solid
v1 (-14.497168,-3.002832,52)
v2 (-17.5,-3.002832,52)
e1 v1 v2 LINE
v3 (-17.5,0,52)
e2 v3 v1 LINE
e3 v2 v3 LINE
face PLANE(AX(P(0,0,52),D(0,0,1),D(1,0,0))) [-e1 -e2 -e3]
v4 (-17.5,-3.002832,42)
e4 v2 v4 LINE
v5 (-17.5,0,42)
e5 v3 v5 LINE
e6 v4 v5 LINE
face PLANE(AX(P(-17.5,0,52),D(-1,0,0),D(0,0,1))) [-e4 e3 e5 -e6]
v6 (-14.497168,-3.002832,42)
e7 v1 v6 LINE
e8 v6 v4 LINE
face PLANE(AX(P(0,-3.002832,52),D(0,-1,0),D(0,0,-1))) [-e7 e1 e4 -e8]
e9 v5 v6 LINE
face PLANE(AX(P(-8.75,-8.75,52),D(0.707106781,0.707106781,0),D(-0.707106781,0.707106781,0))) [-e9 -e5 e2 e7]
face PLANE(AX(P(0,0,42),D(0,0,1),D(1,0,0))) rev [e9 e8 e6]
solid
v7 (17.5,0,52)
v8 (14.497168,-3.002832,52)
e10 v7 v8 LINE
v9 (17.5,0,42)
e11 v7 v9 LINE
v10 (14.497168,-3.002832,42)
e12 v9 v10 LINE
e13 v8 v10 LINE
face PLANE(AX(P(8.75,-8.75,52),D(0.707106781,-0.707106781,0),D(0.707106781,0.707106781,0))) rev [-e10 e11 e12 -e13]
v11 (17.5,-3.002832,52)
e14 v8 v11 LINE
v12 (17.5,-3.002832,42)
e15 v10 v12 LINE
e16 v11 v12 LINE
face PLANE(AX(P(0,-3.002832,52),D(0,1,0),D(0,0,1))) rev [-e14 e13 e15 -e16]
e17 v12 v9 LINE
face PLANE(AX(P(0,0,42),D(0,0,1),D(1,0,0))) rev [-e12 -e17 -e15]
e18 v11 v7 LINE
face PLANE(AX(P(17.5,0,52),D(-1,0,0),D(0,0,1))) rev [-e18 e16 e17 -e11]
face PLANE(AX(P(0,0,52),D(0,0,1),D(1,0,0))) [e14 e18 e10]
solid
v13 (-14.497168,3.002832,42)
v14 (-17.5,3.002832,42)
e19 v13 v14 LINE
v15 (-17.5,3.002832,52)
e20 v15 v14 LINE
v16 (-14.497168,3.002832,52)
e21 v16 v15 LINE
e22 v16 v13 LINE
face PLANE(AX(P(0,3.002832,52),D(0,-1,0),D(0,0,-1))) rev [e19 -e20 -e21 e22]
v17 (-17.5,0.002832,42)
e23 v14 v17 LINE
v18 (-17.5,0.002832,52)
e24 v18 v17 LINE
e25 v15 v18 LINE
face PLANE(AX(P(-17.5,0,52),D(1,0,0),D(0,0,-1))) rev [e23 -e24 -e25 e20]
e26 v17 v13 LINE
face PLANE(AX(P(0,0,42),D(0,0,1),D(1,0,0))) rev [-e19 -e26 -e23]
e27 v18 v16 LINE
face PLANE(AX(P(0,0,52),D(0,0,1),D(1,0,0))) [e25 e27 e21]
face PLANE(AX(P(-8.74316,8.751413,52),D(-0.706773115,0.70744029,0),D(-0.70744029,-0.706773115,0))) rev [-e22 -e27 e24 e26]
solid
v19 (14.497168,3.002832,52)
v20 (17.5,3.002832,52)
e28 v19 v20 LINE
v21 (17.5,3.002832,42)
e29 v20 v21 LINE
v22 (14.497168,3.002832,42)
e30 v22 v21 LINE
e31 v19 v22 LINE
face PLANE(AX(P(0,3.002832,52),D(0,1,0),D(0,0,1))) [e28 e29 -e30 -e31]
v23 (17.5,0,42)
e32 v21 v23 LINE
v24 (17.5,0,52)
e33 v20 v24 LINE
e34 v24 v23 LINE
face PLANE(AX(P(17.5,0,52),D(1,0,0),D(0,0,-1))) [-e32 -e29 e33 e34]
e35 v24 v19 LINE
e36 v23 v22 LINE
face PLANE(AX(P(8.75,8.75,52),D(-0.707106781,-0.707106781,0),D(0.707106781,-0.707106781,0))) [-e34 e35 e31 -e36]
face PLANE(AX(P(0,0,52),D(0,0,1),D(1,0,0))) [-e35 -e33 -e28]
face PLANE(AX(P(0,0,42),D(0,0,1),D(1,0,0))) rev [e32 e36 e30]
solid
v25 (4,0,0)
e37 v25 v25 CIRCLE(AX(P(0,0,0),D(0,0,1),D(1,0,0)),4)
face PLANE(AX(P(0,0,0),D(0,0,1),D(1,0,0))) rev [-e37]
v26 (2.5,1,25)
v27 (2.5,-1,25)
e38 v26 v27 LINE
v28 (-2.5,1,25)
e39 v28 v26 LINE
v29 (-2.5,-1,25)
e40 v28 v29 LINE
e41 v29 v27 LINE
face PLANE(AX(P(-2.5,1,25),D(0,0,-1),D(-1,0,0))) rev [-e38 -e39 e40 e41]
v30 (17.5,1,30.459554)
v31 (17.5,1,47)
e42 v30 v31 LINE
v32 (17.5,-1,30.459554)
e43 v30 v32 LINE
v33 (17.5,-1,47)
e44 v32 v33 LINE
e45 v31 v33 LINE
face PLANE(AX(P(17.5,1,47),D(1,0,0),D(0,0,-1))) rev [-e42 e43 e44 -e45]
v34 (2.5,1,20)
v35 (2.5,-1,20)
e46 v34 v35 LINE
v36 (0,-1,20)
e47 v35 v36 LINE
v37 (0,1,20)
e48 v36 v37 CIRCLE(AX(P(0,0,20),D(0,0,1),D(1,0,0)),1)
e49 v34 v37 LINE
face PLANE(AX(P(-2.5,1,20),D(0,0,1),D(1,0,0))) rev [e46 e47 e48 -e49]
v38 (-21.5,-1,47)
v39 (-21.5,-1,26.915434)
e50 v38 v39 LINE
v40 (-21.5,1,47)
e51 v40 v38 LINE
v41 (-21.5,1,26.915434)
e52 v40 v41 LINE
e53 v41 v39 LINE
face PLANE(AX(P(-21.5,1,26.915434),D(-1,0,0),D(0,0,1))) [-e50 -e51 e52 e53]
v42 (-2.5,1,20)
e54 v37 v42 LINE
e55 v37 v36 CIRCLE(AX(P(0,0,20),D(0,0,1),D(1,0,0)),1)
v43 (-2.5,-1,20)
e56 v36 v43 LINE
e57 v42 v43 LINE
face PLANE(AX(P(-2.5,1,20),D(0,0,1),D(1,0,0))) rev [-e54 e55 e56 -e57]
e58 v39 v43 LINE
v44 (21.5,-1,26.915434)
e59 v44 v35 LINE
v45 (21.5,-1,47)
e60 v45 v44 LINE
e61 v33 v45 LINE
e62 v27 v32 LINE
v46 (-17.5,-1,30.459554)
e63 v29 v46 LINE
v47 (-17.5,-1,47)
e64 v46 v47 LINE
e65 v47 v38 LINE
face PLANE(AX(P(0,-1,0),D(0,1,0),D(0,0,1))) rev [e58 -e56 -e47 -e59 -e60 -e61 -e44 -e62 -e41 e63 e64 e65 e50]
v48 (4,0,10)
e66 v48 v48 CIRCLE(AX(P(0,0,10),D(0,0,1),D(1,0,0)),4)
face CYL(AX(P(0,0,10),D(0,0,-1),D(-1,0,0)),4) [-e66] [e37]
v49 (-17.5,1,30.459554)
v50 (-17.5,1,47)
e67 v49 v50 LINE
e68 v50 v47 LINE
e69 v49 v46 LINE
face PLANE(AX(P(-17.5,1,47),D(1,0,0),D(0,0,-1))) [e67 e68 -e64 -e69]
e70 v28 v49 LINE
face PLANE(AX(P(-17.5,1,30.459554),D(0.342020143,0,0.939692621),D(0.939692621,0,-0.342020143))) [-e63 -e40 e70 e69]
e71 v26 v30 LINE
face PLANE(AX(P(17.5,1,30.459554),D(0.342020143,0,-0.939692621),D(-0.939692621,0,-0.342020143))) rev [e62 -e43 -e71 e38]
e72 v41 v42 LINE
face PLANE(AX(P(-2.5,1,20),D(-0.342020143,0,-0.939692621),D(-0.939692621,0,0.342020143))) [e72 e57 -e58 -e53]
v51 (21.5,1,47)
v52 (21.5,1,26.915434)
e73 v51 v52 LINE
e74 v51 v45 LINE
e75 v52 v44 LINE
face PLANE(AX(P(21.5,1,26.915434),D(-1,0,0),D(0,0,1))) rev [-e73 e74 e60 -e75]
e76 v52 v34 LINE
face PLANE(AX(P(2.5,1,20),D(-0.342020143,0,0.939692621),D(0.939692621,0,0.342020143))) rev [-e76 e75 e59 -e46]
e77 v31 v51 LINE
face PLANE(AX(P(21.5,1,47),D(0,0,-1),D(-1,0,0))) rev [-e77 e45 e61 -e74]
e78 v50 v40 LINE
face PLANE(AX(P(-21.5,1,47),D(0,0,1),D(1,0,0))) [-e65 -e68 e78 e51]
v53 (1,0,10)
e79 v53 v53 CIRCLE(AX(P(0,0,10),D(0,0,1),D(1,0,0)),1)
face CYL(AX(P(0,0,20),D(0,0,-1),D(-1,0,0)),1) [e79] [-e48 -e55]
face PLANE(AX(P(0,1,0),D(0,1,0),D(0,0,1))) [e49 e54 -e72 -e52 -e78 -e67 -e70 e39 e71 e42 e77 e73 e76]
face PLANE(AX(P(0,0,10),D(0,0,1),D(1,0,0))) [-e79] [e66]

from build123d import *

# Parameters (mm, degrees)
SKETCH1_R             = 4
BOSS_EXTRUDE1_DEPTH   = 10
SKETCH2_R             = 1
BOSS_EXTRUDE2_DEPTH   = 10
SKETCH3_W             = 5
SKETCH3_H             = 5
BOSS_EXTRUDE3_DEPTH   = 1
BOSS_EXTRUDE4_DEPTH   = 1
BOSS_EXTRUDE7_DEPTH   = 5
BOSS_EXTRUDE7_2_DEPTH = 5
BOSS_EXTRUDE7_3_DEPTH = 5
BOSS_EXTRUDE7_4_DEPTH = 5


with BuildPart() as part:
    # Sketch1 → Boss-Extrude1 (new body)
    with BuildSketch(Plane.XY):
        Circle(SKETCH1_R)
    extrude(amount=BOSS_EXTRUDE1_DEPTH)

    # Sketch2 → Boss-Extrude2 (add)
    with BuildSketch(Plane.XY.offset(10)):
        Circle(SKETCH2_R)
    extrude(amount=BOSS_EXTRUDE2_DEPTH)

    # Sketch3 → Boss-Extrude3 (add, symmetric)
    with BuildSketch(Plane(origin=(0, 0, 0), x_dir=(1, 0, 0), z_dir=(0, 1, 0))):
        with Locations((0, -22.5)):
            Rectangle(SKETCH3_W, SKETCH3_H)
    extrude(amount=BOSS_EXTRUDE3_DEPTH, both=True)

    # Sketch5 → Boss-Extrude4 (add, symmetric)
    with BuildSketch(Plane(origin=(0, 0, 0), x_dir=(1, 0, 0), z_dir=(0, 1, 0))):
        Polygon((2.5, -20), (21.5, -26.915434451), (21.5, -47), (17.5, -47), (17.5, -30.459553514), (2.5, -25), align=None)
    boss_extrude4 = extrude(amount=BOSS_EXTRUDE4_DEPTH, both=True)

    # Mirror1: Boss-Extrude4 across plane
    add(boss_extrude4.mirror(Plane(origin=(0, 0, 0), x_dir=(0, 0, 1), z_dir=(1, 0, 0))))


with BuildPart() as body_2:
    # Sketch6 → Boss-Extrude7 (new body, symmetric)
    with BuildSketch(Plane.XY.offset(47)):
        Polygon((17.5, 0), (14.497168083, -3.002831917), (17.5, -3.002831917), align=None)
    extrude(amount=BOSS_EXTRUDE7_DEPTH, both=True)


with BuildPart() as body_3:
    # Sketch6 → Boss-Extrude7 2 (new body, symmetric)
    with BuildSketch(Plane.XY.offset(47)):
        Polygon((17.5, 0), (17.5, 3.002831917), (14.497168083, 3.002831917), align=None)
    extrude(amount=BOSS_EXTRUDE7_2_DEPTH, both=True)


with BuildPart() as body_4:
    # Sketch6 → Boss-Extrude7 3 (new body, symmetric)
    with BuildSketch(Plane.XY.offset(47)):
        Polygon((-17.5, 3.002831917), (-17.5, 0.002831917), (-14.497168083, 3.002831917), align=None)
    extrude(amount=BOSS_EXTRUDE7_3_DEPTH, both=True)


with BuildPart() as body_5:
    # Sketch6 → Boss-Extrude7 4 (new body, symmetric)
    with BuildSketch(Plane.XY.offset(47)):
        Polygon((-14.497168083, -3.002831917), (-17.5, 0), (-17.5, -3.002831917), align=None)
    extrude(amount=BOSS_EXTRUDE7_4_DEPTH, both=True)


solid = Compound([part.part, body_2.part, body_3.part, body_4.part, body_5.part])
